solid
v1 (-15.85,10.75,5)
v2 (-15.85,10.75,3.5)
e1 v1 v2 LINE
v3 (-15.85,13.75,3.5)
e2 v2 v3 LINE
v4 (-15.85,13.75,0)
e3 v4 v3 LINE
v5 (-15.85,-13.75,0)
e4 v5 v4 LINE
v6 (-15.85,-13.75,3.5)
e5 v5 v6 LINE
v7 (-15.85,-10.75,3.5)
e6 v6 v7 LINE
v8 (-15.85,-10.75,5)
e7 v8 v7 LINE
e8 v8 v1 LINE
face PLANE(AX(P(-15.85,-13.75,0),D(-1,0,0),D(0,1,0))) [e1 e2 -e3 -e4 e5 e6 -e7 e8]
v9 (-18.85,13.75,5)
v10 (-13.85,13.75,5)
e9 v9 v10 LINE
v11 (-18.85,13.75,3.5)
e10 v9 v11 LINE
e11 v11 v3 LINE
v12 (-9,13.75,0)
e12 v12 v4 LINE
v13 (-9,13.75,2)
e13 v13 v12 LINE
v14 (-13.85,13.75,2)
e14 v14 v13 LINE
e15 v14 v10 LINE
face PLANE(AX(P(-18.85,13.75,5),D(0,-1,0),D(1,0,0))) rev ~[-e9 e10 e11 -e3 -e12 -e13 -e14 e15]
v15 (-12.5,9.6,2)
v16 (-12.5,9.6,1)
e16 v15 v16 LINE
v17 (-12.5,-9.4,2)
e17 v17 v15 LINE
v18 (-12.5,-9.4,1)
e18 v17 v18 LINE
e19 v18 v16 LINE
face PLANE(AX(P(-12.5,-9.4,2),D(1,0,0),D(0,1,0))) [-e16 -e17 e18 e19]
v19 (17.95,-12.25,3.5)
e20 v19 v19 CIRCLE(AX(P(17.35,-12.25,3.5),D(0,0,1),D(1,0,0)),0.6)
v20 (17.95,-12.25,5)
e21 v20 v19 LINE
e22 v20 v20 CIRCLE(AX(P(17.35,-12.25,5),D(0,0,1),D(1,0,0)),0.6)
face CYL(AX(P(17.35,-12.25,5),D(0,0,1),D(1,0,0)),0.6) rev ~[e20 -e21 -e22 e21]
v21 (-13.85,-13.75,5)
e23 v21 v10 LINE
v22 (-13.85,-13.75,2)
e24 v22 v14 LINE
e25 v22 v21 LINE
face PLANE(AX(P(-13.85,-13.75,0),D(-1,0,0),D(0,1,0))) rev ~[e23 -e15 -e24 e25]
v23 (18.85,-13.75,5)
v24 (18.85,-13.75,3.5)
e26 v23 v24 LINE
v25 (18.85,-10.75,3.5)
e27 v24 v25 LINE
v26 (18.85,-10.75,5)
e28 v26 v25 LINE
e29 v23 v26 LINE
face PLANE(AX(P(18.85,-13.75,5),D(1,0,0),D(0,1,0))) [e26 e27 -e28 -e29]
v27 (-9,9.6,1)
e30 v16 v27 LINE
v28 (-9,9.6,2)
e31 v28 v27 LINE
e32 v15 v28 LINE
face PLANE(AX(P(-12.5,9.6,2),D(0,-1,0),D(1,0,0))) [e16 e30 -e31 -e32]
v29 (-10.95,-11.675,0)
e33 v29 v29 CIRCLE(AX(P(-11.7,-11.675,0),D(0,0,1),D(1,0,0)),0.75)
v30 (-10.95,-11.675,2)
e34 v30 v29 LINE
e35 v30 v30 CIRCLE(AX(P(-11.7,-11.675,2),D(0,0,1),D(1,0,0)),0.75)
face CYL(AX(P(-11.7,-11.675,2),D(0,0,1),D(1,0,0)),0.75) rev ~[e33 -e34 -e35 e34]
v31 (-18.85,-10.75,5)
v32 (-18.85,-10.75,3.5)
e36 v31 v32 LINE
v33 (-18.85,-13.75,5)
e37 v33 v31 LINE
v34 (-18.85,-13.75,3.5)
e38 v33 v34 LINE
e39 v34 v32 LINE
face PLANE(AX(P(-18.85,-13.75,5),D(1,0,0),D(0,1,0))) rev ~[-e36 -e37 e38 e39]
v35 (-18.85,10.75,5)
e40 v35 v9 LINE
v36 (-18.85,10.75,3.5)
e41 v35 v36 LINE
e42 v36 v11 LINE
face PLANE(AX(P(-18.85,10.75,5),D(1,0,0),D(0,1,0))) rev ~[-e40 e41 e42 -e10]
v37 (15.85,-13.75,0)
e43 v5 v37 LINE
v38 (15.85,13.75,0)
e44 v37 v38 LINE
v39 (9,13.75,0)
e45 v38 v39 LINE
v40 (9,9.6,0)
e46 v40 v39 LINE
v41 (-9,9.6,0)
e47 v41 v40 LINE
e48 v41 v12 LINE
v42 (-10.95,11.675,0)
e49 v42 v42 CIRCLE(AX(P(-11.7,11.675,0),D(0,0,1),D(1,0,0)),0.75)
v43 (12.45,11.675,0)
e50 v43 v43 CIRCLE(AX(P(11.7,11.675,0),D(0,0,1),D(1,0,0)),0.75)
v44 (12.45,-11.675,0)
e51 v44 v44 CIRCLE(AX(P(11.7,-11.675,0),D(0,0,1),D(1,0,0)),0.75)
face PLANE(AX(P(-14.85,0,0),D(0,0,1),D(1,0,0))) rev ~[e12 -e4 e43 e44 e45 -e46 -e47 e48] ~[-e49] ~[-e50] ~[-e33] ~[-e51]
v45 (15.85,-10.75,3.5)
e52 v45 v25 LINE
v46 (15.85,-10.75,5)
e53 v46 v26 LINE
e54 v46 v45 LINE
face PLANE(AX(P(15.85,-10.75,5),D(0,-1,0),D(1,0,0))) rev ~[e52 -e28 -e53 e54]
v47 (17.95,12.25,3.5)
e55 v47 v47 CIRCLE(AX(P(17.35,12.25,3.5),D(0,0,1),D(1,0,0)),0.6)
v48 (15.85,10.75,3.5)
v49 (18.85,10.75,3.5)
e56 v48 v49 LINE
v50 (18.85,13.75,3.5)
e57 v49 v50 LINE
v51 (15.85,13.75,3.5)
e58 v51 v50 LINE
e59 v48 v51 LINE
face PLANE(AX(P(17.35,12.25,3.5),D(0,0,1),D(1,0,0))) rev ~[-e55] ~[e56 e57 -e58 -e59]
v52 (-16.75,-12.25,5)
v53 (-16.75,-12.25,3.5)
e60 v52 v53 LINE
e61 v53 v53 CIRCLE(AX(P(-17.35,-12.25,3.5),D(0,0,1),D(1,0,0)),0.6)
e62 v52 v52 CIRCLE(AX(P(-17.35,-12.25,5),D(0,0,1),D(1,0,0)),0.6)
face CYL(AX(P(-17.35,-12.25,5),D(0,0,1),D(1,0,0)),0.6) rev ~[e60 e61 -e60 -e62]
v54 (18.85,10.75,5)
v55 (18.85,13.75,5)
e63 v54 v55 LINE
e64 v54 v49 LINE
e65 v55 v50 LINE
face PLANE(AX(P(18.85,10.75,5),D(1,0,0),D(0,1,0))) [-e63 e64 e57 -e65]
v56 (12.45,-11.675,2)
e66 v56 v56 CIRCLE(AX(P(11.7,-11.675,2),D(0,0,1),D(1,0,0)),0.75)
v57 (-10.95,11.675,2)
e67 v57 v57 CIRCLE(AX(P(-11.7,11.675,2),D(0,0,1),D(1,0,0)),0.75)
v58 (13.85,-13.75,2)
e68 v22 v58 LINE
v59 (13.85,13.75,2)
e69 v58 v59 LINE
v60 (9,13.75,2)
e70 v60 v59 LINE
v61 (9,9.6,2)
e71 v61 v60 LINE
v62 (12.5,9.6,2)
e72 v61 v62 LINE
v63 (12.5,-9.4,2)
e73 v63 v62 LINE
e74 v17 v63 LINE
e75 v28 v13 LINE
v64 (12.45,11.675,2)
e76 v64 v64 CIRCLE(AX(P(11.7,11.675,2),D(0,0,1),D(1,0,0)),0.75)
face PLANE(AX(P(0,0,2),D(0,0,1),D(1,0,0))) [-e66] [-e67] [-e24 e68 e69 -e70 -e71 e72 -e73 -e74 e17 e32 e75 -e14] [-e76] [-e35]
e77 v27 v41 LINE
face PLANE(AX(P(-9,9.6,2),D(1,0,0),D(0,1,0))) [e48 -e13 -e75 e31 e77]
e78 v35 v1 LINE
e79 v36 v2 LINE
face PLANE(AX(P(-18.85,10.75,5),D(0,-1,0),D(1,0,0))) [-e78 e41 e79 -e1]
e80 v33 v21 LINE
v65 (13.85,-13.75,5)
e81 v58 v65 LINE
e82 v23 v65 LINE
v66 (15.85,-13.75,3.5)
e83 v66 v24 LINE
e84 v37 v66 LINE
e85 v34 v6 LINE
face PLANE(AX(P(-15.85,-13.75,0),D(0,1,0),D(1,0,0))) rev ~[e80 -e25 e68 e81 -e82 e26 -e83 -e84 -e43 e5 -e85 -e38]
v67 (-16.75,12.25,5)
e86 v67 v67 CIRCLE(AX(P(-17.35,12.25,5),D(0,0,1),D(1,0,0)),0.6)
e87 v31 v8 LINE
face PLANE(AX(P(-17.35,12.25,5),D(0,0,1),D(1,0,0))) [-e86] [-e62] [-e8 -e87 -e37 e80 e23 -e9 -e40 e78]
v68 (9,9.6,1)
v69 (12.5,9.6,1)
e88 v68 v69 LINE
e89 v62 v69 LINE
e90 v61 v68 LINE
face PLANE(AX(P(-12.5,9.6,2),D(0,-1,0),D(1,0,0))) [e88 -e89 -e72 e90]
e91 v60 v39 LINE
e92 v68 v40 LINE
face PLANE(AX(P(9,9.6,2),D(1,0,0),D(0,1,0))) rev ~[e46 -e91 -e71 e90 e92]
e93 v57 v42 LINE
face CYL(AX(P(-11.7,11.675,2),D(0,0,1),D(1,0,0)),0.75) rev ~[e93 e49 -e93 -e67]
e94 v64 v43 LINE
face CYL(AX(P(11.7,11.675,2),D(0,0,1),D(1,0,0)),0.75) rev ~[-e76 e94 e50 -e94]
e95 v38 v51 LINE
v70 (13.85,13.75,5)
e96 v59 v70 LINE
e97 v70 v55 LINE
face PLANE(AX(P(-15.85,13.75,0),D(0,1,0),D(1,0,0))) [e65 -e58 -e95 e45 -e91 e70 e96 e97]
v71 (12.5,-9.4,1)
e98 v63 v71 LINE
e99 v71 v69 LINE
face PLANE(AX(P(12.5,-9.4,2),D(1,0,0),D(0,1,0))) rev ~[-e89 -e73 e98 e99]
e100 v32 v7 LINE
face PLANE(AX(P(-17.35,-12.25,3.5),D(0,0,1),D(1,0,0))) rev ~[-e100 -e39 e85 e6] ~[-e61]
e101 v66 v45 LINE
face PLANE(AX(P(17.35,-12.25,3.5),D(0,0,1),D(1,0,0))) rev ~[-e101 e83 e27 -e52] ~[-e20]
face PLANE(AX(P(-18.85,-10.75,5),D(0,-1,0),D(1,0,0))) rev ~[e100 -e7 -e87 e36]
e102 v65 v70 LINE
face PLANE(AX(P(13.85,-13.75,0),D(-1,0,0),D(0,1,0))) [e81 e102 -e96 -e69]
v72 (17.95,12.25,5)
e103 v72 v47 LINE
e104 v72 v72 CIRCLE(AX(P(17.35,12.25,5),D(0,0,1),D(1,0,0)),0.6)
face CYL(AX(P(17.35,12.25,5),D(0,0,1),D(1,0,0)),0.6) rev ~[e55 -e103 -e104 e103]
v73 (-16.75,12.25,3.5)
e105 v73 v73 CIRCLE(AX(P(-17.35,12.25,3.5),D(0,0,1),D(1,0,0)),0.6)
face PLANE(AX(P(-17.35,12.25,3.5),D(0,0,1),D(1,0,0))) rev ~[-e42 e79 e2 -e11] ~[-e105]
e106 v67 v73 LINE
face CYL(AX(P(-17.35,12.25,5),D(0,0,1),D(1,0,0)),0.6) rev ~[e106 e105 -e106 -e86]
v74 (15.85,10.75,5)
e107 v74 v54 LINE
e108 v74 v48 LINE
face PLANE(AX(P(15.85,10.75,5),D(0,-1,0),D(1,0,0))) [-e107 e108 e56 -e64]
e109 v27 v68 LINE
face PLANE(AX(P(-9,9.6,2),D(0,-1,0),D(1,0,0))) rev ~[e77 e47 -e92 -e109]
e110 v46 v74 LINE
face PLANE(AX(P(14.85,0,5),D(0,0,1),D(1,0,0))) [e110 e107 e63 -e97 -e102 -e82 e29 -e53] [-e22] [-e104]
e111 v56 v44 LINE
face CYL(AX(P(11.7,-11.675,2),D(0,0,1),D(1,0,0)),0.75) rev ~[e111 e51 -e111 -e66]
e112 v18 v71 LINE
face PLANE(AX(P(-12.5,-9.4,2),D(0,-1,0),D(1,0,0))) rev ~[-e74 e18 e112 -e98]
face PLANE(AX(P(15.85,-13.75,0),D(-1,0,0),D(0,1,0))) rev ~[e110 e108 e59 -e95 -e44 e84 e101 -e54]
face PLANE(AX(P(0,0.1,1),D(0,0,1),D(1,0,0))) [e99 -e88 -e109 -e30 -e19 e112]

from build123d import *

# Parameters (mm, degrees)
SKETCH_1_W          = 27.7
SKETCH_1_H          = 27.5
EXTRUDE_1_DEPTH     = 2
SKETCH_1_13_W       = 2
SKETCH_1_13_H       = 27.5
EXTRUDE_2_DEPTH     = 5
SKETCH_2_R          = 0.75
SKETCH_2_W          = 18
SKETCH_2_H          = 4.15
CUT_EXTRUDE_1_DEPTH = 22.196344024
SKETCH_2_3_W        = 25
SKETCH_2_3_H        = 19
CUT_EXTRUDE_2_DEPTH = 1
EXTRUDE_START       = 5
SKETCH_1_14_W       = 3
SKETCH_1_14_H       = 3
SKETCH_1_14_R       = 0.6
EXTRUDE_3_DEPTH     = 1.5


with BuildPart() as part:
    # 草图1 → 凸台-拉伸1 (new body)
    with BuildSketch(Plane.XY):
        Rectangle(SKETCH_1_W, SKETCH_1_H)
    extrude(amount=EXTRUDE_1_DEPTH)

    # 草图1<13> → 凸台-拉伸2 (add)
    with BuildSketch(Plane.XY):
        with Locations((-14.85, 0)):
            Rectangle(SKETCH_1_13_W, SKETCH_1_13_H)
        with Locations((14.85, 0)):
            Rectangle(SKETCH_1_13_W, SKETCH_1_13_H)
    extrude(amount=EXTRUDE_2_DEPTH)

    # 草图2 → 切除-拉伸1 (cut, through all)
    with BuildSketch(Plane.XY.offset(2)):
        with Locations((-11.7, 11.675)):
            Circle(SKETCH_2_R)
        with Locations((11.7, 11.675)):
            Circle(SKETCH_2_R)
        with Locations((-11.7, -11.675)):
            Circle(SKETCH_2_R)
        with Locations((11.7, -11.675)):
            Circle(SKETCH_2_R)
        with Locations((0, 11.675)):
            Rectangle(SKETCH_2_W, SKETCH_2_H)
    extrude(amount=-CUT_EXTRUDE_1_DEPTH, mode=Mode.SUBTRACT)

    # 草图2<3> → 切除-拉伸2 (cut)
    with BuildSketch(Plane.XY.offset(2)):
        with Locations((0, 0.1)):
            Rectangle(SKETCH_2_3_W, SKETCH_2_3_H)
    extrude(amount=-CUT_EXTRUDE_2_DEPTH, mode=Mode.SUBTRACT)

    # 草图1<14> → 凸台-拉伸3 (add)
    # profile 1 of 4: a face of its own
    with BuildSketch(Plane.XY.offset(EXTRUDE_START)):
        with Locations((-17.35, 12.25)):
            Rectangle(SKETCH_1_14_W, SKETCH_1_14_H)
        with Locations((-17.35, 12.25)):
            Circle(SKETCH_1_14_R, mode=Mode.SUBTRACT)
    # profile 2 of 4: a face of its own
    with BuildSketch(Plane.XY.offset(EXTRUDE_START)):
        with Locations((-17.35, -12.25)):
            Rectangle(SKETCH_1_14_W, SKETCH_1_14_H)
        with Locations((-17.35, -12.25)):
            Circle(SKETCH_1_14_R, mode=Mode.SUBTRACT)
    # profile 3 of 4: a face of its own
    with BuildSketch(Plane.XY.offset(EXTRUDE_START)):
        with Locations((17.35, -12.25)):
            Rectangle(SKETCH_1_14_W, SKETCH_1_14_H)
        with Locations((17.35, -12.25)):
            Circle(SKETCH_1_14_R, mode=Mode.SUBTRACT)
    # profile 4 of 4: a face of its own
    with BuildSketch(Plane.XY.offset(EXTRUDE_START)):
        with Locations((17.35, 12.25)):
            Rectangle(SKETCH_1_14_W, SKETCH_1_14_H)
        with Locations((17.35, 12.25)):
            Circle(SKETCH_1_14_R, mode=Mode.SUBTRACT)
    extrude(amount=-EXTRUDE_3_DEPTH)


solid = part.part
